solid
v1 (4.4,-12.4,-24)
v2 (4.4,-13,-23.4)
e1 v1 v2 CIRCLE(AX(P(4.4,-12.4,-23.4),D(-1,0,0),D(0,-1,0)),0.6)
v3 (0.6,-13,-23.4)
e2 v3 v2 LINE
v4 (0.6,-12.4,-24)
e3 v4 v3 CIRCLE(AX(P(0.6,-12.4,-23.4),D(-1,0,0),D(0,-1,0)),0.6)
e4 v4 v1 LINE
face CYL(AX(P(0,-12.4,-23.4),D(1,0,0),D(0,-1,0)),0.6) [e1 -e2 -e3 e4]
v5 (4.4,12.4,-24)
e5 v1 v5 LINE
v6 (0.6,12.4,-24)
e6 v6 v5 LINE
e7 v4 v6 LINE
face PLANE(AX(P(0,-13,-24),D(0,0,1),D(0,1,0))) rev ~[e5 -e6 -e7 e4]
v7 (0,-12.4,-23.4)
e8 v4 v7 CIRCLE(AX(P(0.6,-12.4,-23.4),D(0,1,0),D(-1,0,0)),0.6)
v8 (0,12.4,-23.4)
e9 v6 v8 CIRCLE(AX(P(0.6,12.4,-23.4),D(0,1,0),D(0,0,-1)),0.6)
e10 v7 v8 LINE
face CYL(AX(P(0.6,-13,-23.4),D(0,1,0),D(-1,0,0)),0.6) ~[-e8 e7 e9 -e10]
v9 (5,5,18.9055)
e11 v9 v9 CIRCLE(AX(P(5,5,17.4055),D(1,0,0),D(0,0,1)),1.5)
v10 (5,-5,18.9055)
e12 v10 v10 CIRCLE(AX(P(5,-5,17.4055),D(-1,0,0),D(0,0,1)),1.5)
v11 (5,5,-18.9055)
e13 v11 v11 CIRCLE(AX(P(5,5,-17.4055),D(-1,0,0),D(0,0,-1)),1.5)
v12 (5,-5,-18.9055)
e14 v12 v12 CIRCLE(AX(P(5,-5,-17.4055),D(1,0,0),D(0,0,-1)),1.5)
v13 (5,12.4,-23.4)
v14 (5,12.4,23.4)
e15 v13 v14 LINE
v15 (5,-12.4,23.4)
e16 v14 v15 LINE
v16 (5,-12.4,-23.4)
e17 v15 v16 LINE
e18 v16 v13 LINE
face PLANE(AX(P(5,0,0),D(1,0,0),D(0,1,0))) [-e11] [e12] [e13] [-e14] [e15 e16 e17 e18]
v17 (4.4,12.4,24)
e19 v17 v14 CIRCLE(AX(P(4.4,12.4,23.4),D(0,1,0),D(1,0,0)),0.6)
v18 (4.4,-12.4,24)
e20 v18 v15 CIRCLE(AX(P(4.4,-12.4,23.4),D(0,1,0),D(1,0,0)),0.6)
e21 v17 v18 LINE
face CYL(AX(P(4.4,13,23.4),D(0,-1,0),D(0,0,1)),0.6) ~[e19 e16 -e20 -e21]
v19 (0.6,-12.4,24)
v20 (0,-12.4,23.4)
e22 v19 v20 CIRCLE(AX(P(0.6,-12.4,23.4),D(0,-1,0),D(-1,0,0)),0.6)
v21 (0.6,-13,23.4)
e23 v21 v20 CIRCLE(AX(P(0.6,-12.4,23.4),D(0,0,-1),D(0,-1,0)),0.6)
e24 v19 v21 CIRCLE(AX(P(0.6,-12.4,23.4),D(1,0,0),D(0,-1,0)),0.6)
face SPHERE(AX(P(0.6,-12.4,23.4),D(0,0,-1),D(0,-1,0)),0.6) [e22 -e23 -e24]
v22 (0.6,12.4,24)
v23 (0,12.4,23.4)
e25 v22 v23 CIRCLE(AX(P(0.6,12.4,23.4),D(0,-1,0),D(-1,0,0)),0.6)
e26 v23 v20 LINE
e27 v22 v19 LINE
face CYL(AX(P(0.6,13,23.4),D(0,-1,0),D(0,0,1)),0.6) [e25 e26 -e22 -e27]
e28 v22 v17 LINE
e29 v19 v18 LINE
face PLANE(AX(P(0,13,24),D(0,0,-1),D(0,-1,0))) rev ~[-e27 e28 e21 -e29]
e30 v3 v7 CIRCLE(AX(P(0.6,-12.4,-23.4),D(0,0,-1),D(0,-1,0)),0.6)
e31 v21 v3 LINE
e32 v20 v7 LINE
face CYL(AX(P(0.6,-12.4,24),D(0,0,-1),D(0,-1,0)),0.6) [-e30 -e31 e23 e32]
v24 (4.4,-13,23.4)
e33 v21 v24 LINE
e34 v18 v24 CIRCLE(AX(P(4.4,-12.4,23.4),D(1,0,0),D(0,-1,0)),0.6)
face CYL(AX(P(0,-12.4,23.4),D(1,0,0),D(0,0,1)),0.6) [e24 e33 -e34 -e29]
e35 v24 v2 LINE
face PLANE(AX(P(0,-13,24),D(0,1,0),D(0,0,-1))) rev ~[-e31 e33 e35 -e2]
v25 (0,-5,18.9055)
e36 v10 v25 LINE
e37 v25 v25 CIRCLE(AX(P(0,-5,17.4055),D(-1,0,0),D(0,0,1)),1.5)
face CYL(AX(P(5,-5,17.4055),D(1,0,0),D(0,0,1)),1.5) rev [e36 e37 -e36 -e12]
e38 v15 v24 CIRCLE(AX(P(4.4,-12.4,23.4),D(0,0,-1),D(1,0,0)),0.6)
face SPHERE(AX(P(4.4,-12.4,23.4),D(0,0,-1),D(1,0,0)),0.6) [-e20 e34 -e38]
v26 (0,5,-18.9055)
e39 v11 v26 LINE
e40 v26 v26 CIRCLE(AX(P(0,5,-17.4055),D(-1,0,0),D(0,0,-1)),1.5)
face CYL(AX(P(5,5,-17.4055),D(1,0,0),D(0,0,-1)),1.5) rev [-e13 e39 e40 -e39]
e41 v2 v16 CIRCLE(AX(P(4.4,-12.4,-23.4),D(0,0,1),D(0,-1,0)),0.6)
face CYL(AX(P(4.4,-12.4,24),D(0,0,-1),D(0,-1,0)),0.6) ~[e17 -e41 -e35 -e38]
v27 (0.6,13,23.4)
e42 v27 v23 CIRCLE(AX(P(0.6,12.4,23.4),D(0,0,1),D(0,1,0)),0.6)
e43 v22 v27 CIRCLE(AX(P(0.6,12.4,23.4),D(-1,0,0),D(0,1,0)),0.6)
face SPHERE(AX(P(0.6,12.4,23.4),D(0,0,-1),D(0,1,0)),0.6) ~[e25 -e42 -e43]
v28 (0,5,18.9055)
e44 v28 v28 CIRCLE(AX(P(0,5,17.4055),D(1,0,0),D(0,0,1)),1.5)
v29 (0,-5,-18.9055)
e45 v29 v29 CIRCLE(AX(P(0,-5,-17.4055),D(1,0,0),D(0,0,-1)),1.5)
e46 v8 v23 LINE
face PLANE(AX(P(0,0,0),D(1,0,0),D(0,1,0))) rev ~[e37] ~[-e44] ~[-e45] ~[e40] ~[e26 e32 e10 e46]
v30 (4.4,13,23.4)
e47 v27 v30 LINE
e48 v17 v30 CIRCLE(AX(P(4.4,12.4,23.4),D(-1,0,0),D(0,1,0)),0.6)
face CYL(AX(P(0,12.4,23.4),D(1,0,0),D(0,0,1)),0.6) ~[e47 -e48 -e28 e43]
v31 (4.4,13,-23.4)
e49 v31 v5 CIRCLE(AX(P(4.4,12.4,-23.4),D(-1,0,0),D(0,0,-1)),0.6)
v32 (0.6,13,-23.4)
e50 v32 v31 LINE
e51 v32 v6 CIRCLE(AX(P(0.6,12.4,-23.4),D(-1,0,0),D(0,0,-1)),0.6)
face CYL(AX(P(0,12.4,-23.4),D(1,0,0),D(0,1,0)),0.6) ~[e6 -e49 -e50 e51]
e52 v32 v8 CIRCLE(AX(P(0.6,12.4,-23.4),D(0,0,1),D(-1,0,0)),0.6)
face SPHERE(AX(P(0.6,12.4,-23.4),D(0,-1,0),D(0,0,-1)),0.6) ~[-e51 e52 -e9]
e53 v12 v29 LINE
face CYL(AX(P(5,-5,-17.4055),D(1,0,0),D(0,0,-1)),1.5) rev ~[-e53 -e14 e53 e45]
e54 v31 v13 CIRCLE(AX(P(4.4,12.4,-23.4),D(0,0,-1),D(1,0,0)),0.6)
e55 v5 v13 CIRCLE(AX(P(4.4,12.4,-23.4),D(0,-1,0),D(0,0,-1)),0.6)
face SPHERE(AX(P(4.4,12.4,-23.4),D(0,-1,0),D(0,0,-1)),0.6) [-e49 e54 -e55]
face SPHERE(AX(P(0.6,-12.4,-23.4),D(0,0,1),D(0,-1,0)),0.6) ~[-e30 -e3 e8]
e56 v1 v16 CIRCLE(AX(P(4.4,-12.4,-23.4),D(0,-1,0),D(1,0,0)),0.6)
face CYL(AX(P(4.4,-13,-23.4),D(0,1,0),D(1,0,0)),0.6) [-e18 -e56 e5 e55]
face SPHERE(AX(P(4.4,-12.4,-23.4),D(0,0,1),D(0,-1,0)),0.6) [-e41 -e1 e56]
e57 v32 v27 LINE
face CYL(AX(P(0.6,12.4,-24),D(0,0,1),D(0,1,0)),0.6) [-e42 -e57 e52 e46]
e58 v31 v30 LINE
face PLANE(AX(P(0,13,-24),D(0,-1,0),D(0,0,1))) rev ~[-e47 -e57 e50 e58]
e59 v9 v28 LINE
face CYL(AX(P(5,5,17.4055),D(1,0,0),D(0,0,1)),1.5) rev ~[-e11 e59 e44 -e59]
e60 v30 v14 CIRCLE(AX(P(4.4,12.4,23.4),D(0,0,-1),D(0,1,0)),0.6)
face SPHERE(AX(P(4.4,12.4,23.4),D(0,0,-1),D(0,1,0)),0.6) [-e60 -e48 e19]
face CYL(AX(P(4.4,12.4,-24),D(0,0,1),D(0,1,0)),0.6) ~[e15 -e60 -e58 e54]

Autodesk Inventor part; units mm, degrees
ref_plane "YZ Plane" through (0, 0, 0) normal (1, 0, 0) x (0, 1, 0)
ref_plane "XZ Plane" through (0, 0, 0) normal (0, 1, 0) x (-1, 0, 0)
ref_plane "XY Plane" through (0, 0, 0) normal (0, 0, 1) x (1, 0, 0)
sketch "Sketch1" plane through (0, 0, 0) normal (1, 0, 0) x (0, 1, 0)
  line L0 (-13, 24) -> (-13, -24)
  line L1 (-13, -24) -> (13, -24)
  line L2 (13, -24) -> (13, 24)
  line L3 (13, 24) -> (-13, 24)
  line L4 (-13, 24) -> (13, -24) construction
  line L5 (-13, -24) -> (13, 24) construction
  point P0 (0, 0)
  dimension "d0" = 48
  dimension "d1" = 26
extrude "Extrusion1" add sketch "Sketch1" along normal blind 5
sketch "Sketch2" plane through (5, 0, 0) normal (1, 0, 0) x (0, 0, -1)
  circle A0 centre (17.4055, -5) radius 1.5
  line L0 (3.065, 0) -> (34.1813, 0)
  circle A1 centre (17.4055, 5) radius 1.5
  point P0 (0, 0)
  dimension "d5" = 3
  dimension "d11" = 17.4055
  dimension "d12" = 5
extrude "Extrusion2" cut sketch "Sketch2" against normal blind 5 contours A0
thread "Thread1" size "M3x0.5" class "6H" standard "ANSI Metric M Profile" full length
mirror "Mirror1" about plane through (0, 0, 0) normal (0, 0, 1) of "Extrusion2"
fillet "Fillet1" radius 0.6 12 edges at (5, -13, 0) (0, -13, 0) (2.5, -13, -24) (5, 0, -24) (0, 0, -24) (2.5, 13, -24) (5, 13, 0) (0, 13, 0) (2.5, 13, 24) (5, 0, 24) (2.5, -13, 24) (0, 0, 24)
mirror "Mirror2" about plane through (0, 0, 0) normal (0, 1, 0) of "Extrusion2", "Mirror1"
properties part number "Clamp Plate V2"
